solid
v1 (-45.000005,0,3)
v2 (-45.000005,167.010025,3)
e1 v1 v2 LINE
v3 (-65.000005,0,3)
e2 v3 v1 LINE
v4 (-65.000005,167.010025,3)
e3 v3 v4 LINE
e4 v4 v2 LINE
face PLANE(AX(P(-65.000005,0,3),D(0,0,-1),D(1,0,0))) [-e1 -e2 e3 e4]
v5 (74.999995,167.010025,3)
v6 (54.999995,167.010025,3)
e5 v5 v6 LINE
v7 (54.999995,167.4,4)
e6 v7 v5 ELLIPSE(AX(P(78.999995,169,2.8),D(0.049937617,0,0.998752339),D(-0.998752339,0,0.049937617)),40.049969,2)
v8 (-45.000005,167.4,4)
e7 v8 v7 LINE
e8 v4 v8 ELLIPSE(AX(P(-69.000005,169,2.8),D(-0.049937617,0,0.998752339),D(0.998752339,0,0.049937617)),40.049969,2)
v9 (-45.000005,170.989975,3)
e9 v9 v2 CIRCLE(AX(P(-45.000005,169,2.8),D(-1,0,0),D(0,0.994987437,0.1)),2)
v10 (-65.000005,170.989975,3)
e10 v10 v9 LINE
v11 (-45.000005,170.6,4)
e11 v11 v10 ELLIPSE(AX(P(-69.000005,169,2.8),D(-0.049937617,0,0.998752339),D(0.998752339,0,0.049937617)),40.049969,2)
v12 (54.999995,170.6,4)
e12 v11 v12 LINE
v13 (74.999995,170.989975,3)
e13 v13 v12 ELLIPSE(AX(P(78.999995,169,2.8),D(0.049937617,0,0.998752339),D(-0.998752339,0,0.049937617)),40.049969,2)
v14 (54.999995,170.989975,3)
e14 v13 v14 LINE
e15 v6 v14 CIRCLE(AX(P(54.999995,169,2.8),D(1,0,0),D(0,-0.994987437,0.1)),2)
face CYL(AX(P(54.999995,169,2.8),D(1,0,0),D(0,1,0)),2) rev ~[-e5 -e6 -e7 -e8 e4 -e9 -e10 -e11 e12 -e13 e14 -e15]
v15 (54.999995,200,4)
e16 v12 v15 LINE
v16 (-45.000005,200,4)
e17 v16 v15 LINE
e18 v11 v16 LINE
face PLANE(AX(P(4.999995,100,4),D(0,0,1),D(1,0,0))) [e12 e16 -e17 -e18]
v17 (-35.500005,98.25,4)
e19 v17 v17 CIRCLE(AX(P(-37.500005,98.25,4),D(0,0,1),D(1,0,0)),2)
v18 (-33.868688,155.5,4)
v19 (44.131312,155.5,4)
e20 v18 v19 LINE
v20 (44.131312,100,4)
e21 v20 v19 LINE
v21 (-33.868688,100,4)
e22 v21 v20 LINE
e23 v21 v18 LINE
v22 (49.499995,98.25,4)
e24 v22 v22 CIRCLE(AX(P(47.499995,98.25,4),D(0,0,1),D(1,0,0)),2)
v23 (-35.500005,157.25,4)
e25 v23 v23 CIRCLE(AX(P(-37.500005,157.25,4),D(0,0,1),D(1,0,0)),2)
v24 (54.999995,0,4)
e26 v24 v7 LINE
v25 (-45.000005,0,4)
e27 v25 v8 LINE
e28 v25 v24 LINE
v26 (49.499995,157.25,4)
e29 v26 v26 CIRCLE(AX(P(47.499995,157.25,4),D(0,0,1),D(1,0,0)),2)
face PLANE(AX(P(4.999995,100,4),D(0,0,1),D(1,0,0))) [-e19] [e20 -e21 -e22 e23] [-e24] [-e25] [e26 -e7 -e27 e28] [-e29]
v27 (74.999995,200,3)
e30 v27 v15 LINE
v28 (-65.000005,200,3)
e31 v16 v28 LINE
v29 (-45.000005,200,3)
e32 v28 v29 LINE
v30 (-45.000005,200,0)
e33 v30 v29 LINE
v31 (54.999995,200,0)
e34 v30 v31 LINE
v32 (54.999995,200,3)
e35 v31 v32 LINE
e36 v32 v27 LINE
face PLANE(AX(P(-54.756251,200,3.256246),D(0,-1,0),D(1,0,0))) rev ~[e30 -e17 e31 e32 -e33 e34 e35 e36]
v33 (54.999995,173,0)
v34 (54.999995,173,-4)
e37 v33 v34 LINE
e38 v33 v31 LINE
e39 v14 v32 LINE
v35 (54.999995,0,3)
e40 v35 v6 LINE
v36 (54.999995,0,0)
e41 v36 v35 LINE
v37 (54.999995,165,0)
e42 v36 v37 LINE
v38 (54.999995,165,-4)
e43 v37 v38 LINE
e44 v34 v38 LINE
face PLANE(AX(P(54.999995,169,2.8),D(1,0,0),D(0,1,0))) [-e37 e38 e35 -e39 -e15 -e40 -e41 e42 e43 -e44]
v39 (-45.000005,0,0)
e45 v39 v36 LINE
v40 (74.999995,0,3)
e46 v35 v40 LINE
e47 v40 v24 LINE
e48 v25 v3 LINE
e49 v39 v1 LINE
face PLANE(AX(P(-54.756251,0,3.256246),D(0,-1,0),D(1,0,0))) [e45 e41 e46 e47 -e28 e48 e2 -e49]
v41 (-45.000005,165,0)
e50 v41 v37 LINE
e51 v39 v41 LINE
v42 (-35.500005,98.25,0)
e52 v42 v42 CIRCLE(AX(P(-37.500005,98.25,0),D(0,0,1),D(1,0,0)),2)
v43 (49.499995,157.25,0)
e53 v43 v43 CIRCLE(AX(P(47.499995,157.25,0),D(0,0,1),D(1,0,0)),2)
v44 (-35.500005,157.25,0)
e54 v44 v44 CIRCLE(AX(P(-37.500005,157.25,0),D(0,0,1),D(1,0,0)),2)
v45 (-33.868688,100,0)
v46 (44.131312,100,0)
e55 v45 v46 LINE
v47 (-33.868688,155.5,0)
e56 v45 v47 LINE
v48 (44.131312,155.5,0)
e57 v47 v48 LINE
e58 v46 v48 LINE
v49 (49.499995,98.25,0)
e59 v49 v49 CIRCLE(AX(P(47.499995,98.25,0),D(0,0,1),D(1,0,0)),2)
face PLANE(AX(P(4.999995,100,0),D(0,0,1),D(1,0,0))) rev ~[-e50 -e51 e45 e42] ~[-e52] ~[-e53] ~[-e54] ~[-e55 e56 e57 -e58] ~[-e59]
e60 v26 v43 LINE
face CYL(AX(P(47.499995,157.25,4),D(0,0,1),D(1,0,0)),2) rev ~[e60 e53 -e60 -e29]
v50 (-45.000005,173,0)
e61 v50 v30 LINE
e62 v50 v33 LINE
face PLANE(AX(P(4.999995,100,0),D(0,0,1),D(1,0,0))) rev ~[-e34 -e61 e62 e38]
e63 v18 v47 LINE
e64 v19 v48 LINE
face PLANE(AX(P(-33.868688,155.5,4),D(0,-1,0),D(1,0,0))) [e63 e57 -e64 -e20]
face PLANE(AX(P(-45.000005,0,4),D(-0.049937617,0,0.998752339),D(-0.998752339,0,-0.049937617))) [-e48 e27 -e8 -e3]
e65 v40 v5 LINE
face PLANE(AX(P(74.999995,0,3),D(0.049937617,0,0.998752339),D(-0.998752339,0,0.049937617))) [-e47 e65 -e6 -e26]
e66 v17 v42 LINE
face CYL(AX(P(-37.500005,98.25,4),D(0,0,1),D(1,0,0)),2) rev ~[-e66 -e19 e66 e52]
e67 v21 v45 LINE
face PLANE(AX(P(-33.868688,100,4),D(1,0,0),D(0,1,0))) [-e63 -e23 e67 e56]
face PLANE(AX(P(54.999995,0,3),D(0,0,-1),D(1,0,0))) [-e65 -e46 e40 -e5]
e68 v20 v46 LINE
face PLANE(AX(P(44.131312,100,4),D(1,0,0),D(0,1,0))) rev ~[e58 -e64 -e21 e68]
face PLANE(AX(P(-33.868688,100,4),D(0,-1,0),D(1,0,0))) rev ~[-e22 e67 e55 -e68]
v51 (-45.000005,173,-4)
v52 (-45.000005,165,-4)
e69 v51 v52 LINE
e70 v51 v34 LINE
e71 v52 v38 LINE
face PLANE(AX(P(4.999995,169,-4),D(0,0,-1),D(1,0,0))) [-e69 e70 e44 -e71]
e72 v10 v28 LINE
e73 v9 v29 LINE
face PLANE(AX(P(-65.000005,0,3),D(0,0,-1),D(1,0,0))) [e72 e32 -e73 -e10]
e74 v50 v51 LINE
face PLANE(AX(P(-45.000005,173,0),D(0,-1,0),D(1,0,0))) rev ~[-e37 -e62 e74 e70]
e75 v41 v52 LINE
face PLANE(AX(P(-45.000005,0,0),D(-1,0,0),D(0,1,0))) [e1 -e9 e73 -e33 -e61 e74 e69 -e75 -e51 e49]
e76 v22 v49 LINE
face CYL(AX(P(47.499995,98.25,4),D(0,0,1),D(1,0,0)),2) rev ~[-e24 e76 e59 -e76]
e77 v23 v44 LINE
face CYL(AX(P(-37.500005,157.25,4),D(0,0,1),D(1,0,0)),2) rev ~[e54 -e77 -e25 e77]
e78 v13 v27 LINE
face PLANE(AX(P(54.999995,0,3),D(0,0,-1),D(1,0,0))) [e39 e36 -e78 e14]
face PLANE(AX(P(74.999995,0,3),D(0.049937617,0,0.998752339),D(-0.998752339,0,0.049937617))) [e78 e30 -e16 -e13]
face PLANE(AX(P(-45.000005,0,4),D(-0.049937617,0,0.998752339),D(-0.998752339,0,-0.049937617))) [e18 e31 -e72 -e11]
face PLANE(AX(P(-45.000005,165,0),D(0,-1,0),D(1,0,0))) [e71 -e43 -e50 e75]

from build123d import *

# Parameters (mm, degrees)
F0_W          = 100
F0_H          = 200
F1_DEPTH      = 4
F2_W          = 78
F2_H          = 55.5
F2_R          = 2
F3_DEPTH      = 25
F5_DEPTH      = 200
F6_W          = 100
F6_H          = 8
F7_DEPTH      = 4
F8_R          = 2
F9_DEPTH      = 200
F9_DEPTH_BACK = 200


with BuildPart() as f1:
    # F0 (on Top) → F1 (new body)
    with BuildSketch(Plane.XY):
        with Locations((4.999995, 100)):
            Rectangle(F0_W, F0_H)
    extrude(amount=F1_DEPTH)

    # F2 (on face) → F3 (cut)
    with BuildSketch(Plane.XY.offset(4)):
        with Locations((5.131312, 127.75)):
            Rectangle(F2_W, F2_H)
        with Locations((-37.500005, 98.25)):
            Circle(F2_R)
        with Locations((-37.500005, 157.25)):
            Circle(F2_R)
        with Locations((47.499995, 157.25)):
            Circle(F2_R)
        with Locations((47.499995, 98.25)):
            Circle(F2_R)
    extrude(amount=-F3_DEPTH, mode=Mode.SUBTRACT)

    # F4 (on face) → F5 (join)
    with BuildSketch(Plane.XZ):
        Polygon((-45.000005, 3), (-45.000005, 4), (-65.000005, 3), align=None)
        Polygon((74.999995, 3), (54.999995, 4), (54.999995, 3), align=None)
    extrude(amount=-F5_DEPTH)

    # F6 (on face) → F7 (join)
    with BuildSketch(Plane(origin=(0, 0, 0), x_dir=(1, 0, 0), z_dir=(0, 0, -1))):
        with Locations((4.999995, -169)):
            Rectangle(F6_W, F6_H)
    extrude(amount=F7_DEPTH)

    # F8 (on face) → F9 (cut, two sides)
    with BuildSketch(Plane.YZ.offset(54.999995)) as f9_sk:
        with Locations((169, 2.8)):
            Circle(F8_R)
    extrude(amount=F9_DEPTH, mode=Mode.SUBTRACT)
    extrude(f9_sk.sketch, amount=-F9_DEPTH_BACK, mode=Mode.SUBTRACT)


solid = f1.part
